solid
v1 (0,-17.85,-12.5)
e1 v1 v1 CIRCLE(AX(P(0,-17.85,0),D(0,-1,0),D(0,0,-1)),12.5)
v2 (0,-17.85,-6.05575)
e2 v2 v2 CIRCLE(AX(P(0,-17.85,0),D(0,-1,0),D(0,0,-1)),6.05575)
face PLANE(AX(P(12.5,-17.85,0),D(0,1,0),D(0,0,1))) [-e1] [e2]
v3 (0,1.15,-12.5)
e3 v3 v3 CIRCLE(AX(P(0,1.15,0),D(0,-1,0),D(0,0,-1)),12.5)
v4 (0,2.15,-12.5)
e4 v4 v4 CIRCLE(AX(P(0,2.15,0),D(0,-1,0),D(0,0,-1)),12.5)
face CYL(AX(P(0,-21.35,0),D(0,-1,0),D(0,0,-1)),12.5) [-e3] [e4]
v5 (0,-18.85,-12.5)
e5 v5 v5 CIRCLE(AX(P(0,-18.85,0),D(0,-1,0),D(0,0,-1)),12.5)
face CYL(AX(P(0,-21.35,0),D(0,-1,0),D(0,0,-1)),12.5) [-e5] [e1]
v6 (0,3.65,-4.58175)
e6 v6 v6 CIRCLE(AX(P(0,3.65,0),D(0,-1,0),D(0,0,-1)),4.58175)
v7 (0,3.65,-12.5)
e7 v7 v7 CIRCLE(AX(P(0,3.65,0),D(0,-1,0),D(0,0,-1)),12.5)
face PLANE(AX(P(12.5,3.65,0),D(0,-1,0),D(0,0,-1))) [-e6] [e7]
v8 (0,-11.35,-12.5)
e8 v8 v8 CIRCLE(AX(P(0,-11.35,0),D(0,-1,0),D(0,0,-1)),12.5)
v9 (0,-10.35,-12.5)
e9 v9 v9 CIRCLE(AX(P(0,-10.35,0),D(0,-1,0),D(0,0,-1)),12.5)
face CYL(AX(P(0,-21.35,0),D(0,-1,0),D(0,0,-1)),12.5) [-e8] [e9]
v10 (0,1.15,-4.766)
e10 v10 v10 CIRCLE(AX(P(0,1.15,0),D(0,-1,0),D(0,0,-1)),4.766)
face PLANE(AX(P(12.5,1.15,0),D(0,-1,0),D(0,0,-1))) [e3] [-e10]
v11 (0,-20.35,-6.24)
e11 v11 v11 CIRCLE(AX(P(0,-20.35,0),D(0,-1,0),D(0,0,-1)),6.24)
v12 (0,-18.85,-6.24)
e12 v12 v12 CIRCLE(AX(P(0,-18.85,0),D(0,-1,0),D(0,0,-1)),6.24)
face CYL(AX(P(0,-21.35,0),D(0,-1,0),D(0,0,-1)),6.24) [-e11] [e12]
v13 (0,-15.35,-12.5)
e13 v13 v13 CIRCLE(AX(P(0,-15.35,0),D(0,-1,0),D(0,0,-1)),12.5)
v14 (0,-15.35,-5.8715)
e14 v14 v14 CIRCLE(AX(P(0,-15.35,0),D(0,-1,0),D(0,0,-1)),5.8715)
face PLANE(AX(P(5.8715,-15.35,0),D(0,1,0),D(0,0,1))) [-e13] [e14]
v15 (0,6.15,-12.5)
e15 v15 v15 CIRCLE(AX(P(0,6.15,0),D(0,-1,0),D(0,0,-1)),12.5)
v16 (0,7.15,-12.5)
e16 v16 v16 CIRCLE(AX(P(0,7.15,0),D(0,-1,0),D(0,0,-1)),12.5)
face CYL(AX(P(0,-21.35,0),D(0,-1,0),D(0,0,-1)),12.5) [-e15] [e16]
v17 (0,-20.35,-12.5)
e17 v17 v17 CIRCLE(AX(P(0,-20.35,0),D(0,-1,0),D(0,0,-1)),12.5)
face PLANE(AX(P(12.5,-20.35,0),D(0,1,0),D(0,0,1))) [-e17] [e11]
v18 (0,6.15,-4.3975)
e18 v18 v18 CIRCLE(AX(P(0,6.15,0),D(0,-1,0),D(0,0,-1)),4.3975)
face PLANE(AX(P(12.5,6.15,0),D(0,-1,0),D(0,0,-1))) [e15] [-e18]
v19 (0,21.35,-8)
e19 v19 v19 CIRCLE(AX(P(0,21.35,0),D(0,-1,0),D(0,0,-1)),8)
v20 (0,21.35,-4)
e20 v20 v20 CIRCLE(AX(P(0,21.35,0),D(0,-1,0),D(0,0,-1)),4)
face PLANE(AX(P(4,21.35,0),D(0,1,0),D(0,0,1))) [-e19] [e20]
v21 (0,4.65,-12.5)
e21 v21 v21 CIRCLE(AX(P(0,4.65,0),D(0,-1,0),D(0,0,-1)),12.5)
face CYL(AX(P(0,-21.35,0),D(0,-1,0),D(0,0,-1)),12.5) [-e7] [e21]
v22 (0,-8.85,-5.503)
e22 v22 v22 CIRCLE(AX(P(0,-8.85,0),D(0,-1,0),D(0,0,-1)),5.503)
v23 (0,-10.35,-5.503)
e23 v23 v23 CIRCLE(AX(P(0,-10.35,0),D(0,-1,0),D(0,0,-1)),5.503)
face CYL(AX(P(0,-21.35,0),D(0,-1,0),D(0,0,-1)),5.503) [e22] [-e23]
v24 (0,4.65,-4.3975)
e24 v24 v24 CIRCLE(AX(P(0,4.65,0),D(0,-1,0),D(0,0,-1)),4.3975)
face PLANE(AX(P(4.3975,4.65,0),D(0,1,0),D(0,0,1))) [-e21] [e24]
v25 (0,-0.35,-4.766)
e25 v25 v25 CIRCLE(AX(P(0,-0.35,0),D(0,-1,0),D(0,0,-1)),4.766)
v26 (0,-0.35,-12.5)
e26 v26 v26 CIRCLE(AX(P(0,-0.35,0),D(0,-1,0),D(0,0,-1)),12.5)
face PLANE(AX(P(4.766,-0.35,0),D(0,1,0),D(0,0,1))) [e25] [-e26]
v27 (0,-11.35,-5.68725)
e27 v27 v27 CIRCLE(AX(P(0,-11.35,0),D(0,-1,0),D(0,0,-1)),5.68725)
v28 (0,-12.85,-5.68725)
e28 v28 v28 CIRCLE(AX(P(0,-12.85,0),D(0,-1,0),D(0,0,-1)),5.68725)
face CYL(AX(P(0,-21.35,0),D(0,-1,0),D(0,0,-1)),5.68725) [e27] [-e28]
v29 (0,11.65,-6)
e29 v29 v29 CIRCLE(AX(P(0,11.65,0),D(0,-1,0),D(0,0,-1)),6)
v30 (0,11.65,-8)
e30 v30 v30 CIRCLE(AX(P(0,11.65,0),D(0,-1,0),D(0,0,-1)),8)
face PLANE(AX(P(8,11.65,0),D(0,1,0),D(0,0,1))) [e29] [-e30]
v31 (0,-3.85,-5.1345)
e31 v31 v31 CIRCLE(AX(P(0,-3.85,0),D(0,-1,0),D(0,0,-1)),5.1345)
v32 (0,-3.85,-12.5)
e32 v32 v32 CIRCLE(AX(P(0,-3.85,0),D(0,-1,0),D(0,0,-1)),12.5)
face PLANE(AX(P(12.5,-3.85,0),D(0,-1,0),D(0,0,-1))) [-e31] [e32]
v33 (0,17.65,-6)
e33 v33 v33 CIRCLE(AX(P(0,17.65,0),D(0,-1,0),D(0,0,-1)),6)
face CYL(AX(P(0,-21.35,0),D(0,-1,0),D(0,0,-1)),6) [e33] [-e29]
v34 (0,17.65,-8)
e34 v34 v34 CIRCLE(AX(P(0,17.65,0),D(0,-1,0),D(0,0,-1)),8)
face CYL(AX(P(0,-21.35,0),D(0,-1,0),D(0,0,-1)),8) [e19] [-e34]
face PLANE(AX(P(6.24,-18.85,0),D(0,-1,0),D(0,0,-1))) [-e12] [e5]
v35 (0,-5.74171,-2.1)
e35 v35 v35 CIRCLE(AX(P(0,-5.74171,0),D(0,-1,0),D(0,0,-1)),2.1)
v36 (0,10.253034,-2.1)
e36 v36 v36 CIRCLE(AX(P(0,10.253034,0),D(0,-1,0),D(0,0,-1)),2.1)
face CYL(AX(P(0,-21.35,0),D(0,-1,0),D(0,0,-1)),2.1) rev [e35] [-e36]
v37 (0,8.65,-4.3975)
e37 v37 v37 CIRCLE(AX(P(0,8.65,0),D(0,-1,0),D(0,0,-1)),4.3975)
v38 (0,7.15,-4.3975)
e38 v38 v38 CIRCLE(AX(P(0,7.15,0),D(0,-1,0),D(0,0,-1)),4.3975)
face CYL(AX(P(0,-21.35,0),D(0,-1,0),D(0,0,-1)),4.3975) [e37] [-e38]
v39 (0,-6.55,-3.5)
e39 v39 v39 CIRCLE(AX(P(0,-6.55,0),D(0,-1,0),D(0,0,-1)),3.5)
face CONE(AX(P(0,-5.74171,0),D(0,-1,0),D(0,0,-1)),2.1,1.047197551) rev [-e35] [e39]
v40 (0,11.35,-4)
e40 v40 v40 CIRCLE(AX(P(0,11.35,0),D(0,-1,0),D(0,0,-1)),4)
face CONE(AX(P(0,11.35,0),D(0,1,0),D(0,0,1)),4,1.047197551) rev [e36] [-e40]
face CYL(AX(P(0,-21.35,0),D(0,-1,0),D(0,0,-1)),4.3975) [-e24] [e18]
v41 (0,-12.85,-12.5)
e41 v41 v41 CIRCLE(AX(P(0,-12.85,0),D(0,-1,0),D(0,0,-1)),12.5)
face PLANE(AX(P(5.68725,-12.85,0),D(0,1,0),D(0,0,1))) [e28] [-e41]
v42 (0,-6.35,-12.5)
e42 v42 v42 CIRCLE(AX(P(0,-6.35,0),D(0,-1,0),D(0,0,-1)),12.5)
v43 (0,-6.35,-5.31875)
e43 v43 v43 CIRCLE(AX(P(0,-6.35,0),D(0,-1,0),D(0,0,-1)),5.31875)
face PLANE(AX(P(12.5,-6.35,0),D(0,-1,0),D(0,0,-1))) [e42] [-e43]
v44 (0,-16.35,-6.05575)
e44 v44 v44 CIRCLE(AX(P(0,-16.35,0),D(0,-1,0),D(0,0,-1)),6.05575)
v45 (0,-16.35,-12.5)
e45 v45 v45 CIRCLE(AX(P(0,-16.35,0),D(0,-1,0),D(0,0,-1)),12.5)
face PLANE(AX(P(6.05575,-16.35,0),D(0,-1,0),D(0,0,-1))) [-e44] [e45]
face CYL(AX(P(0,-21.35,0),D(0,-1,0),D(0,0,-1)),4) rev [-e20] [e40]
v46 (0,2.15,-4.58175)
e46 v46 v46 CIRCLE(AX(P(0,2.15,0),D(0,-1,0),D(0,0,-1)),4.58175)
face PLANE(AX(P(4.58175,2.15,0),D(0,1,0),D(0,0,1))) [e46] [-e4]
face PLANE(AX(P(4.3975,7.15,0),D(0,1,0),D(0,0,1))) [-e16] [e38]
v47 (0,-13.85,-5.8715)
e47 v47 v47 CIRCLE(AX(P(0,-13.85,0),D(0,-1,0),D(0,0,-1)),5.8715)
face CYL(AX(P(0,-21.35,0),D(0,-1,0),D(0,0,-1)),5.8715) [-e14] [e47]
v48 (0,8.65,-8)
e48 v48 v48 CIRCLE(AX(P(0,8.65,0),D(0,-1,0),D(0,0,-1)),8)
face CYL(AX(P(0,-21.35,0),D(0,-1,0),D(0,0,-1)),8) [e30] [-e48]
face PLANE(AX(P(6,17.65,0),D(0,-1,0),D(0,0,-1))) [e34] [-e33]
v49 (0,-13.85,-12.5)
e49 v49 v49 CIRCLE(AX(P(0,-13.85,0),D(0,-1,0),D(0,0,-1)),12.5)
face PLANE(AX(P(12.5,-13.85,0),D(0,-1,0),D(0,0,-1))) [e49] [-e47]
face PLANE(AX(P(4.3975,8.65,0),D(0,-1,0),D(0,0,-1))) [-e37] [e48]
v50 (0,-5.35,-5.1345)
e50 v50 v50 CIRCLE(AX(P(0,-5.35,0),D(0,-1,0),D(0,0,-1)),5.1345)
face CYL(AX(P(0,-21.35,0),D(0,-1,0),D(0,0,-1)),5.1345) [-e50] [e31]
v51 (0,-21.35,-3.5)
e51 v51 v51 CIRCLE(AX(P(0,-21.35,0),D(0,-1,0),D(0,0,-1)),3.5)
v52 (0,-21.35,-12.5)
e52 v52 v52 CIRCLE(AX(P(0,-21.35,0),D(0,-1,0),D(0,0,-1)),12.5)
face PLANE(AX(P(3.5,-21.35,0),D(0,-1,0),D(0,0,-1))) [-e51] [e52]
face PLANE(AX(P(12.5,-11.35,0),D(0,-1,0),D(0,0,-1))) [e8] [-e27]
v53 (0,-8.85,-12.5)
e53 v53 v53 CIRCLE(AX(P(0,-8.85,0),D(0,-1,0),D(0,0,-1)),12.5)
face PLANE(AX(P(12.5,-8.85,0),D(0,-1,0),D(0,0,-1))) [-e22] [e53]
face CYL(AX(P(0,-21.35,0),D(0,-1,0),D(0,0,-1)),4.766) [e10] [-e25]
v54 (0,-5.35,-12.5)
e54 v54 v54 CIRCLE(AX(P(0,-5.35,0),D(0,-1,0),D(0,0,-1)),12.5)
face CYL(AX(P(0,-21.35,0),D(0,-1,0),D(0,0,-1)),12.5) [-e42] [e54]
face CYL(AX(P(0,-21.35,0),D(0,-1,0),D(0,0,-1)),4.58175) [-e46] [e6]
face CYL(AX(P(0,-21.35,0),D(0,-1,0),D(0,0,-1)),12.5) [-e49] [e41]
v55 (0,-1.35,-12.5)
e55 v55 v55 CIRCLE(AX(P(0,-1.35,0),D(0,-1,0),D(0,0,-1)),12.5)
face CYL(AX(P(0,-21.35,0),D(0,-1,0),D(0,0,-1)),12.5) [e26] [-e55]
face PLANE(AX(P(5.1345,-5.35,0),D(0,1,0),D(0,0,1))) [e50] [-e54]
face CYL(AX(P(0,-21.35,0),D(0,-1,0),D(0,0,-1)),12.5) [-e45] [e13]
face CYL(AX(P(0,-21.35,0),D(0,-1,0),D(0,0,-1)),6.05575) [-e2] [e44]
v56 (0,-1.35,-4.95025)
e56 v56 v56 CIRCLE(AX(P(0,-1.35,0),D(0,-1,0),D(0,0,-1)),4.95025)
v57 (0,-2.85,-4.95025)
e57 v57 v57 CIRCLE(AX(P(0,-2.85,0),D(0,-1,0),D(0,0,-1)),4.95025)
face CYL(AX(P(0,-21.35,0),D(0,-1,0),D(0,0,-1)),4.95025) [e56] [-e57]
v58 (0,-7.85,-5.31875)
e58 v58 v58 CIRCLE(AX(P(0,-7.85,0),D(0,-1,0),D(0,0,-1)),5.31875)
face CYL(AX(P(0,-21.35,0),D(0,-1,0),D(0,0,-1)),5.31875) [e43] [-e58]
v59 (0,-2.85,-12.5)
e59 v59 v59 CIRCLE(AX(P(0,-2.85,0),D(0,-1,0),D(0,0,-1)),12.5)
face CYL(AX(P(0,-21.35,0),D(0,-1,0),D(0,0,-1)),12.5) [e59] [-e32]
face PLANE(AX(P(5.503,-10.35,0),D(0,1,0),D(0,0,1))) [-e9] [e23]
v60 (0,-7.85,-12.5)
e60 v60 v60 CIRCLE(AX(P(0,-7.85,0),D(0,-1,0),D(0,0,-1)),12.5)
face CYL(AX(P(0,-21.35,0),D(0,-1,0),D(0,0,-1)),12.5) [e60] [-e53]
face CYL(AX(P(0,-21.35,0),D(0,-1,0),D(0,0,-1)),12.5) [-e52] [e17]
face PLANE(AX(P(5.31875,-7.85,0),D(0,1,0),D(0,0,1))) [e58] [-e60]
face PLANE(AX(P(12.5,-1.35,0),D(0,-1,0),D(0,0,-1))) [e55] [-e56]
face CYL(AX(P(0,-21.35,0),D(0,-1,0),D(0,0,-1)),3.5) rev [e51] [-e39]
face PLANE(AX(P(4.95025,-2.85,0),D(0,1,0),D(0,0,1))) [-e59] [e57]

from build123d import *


with BuildPart() as part:
    # Sketch1 → Revolve1 (revolve)
    with BuildSketch(Plane.XY):
        Polygon((3.5, -21.35), (12.5, -21.35), (12.5, -20.35), (6.24, -20.35), (6.24, -18.85), (12.5, -18.85), (12.5, -17.85), (6.05575, -17.85), (6.05575, -16.35), (12.5, -16.35), (12.5, -15.35), (5.8715, -15.35), (5.8715, -13.85), (12.5, -13.85), (12.5, -12.85), (5.68725, -12.85), (5.68725, -11.35), (12.5, -11.35), (12.5, -10.35), (5.503, -10.35), (5.503, -8.85), (12.5, -8.85), (12.5, -7.85), (5.31875, -7.85), (5.31875, -6.35), (12.5, -6.35), (12.5, -5.35), (5.1345, -5.35), (5.1345, -3.85), (12.5, -3.85), (12.5, -2.85), (4.95025, -2.85), (4.95025, -1.35), (12.5, -1.35), (12.5, -0.35), (4.766, -0.35), (4.766, 1.15), (12.5, 1.15), (12.5, 2.15), (4.58175, 2.15), (4.58175, 3.65), (12.5, 3.65), (12.5, 4.65), (4.3975, 4.65), (4.3975, 6.15), (12.5, 6.15), (12.5, 7.15), (4.3975, 7.15), (4.3975, 8.65), (8, 8.65), (8, 11.65), (6, 11.65), (6, 17.65), (8, 17.65), (8, 21.35), (4, 21.35), (4, 11.35), (2.1, 10.253034489), (2.1, -5.741709623), (3.5, -6.55), align=None)
    revolve(axis=Axis((0, -21.35, 0), (0, 1, 0)))


solid = part.part
